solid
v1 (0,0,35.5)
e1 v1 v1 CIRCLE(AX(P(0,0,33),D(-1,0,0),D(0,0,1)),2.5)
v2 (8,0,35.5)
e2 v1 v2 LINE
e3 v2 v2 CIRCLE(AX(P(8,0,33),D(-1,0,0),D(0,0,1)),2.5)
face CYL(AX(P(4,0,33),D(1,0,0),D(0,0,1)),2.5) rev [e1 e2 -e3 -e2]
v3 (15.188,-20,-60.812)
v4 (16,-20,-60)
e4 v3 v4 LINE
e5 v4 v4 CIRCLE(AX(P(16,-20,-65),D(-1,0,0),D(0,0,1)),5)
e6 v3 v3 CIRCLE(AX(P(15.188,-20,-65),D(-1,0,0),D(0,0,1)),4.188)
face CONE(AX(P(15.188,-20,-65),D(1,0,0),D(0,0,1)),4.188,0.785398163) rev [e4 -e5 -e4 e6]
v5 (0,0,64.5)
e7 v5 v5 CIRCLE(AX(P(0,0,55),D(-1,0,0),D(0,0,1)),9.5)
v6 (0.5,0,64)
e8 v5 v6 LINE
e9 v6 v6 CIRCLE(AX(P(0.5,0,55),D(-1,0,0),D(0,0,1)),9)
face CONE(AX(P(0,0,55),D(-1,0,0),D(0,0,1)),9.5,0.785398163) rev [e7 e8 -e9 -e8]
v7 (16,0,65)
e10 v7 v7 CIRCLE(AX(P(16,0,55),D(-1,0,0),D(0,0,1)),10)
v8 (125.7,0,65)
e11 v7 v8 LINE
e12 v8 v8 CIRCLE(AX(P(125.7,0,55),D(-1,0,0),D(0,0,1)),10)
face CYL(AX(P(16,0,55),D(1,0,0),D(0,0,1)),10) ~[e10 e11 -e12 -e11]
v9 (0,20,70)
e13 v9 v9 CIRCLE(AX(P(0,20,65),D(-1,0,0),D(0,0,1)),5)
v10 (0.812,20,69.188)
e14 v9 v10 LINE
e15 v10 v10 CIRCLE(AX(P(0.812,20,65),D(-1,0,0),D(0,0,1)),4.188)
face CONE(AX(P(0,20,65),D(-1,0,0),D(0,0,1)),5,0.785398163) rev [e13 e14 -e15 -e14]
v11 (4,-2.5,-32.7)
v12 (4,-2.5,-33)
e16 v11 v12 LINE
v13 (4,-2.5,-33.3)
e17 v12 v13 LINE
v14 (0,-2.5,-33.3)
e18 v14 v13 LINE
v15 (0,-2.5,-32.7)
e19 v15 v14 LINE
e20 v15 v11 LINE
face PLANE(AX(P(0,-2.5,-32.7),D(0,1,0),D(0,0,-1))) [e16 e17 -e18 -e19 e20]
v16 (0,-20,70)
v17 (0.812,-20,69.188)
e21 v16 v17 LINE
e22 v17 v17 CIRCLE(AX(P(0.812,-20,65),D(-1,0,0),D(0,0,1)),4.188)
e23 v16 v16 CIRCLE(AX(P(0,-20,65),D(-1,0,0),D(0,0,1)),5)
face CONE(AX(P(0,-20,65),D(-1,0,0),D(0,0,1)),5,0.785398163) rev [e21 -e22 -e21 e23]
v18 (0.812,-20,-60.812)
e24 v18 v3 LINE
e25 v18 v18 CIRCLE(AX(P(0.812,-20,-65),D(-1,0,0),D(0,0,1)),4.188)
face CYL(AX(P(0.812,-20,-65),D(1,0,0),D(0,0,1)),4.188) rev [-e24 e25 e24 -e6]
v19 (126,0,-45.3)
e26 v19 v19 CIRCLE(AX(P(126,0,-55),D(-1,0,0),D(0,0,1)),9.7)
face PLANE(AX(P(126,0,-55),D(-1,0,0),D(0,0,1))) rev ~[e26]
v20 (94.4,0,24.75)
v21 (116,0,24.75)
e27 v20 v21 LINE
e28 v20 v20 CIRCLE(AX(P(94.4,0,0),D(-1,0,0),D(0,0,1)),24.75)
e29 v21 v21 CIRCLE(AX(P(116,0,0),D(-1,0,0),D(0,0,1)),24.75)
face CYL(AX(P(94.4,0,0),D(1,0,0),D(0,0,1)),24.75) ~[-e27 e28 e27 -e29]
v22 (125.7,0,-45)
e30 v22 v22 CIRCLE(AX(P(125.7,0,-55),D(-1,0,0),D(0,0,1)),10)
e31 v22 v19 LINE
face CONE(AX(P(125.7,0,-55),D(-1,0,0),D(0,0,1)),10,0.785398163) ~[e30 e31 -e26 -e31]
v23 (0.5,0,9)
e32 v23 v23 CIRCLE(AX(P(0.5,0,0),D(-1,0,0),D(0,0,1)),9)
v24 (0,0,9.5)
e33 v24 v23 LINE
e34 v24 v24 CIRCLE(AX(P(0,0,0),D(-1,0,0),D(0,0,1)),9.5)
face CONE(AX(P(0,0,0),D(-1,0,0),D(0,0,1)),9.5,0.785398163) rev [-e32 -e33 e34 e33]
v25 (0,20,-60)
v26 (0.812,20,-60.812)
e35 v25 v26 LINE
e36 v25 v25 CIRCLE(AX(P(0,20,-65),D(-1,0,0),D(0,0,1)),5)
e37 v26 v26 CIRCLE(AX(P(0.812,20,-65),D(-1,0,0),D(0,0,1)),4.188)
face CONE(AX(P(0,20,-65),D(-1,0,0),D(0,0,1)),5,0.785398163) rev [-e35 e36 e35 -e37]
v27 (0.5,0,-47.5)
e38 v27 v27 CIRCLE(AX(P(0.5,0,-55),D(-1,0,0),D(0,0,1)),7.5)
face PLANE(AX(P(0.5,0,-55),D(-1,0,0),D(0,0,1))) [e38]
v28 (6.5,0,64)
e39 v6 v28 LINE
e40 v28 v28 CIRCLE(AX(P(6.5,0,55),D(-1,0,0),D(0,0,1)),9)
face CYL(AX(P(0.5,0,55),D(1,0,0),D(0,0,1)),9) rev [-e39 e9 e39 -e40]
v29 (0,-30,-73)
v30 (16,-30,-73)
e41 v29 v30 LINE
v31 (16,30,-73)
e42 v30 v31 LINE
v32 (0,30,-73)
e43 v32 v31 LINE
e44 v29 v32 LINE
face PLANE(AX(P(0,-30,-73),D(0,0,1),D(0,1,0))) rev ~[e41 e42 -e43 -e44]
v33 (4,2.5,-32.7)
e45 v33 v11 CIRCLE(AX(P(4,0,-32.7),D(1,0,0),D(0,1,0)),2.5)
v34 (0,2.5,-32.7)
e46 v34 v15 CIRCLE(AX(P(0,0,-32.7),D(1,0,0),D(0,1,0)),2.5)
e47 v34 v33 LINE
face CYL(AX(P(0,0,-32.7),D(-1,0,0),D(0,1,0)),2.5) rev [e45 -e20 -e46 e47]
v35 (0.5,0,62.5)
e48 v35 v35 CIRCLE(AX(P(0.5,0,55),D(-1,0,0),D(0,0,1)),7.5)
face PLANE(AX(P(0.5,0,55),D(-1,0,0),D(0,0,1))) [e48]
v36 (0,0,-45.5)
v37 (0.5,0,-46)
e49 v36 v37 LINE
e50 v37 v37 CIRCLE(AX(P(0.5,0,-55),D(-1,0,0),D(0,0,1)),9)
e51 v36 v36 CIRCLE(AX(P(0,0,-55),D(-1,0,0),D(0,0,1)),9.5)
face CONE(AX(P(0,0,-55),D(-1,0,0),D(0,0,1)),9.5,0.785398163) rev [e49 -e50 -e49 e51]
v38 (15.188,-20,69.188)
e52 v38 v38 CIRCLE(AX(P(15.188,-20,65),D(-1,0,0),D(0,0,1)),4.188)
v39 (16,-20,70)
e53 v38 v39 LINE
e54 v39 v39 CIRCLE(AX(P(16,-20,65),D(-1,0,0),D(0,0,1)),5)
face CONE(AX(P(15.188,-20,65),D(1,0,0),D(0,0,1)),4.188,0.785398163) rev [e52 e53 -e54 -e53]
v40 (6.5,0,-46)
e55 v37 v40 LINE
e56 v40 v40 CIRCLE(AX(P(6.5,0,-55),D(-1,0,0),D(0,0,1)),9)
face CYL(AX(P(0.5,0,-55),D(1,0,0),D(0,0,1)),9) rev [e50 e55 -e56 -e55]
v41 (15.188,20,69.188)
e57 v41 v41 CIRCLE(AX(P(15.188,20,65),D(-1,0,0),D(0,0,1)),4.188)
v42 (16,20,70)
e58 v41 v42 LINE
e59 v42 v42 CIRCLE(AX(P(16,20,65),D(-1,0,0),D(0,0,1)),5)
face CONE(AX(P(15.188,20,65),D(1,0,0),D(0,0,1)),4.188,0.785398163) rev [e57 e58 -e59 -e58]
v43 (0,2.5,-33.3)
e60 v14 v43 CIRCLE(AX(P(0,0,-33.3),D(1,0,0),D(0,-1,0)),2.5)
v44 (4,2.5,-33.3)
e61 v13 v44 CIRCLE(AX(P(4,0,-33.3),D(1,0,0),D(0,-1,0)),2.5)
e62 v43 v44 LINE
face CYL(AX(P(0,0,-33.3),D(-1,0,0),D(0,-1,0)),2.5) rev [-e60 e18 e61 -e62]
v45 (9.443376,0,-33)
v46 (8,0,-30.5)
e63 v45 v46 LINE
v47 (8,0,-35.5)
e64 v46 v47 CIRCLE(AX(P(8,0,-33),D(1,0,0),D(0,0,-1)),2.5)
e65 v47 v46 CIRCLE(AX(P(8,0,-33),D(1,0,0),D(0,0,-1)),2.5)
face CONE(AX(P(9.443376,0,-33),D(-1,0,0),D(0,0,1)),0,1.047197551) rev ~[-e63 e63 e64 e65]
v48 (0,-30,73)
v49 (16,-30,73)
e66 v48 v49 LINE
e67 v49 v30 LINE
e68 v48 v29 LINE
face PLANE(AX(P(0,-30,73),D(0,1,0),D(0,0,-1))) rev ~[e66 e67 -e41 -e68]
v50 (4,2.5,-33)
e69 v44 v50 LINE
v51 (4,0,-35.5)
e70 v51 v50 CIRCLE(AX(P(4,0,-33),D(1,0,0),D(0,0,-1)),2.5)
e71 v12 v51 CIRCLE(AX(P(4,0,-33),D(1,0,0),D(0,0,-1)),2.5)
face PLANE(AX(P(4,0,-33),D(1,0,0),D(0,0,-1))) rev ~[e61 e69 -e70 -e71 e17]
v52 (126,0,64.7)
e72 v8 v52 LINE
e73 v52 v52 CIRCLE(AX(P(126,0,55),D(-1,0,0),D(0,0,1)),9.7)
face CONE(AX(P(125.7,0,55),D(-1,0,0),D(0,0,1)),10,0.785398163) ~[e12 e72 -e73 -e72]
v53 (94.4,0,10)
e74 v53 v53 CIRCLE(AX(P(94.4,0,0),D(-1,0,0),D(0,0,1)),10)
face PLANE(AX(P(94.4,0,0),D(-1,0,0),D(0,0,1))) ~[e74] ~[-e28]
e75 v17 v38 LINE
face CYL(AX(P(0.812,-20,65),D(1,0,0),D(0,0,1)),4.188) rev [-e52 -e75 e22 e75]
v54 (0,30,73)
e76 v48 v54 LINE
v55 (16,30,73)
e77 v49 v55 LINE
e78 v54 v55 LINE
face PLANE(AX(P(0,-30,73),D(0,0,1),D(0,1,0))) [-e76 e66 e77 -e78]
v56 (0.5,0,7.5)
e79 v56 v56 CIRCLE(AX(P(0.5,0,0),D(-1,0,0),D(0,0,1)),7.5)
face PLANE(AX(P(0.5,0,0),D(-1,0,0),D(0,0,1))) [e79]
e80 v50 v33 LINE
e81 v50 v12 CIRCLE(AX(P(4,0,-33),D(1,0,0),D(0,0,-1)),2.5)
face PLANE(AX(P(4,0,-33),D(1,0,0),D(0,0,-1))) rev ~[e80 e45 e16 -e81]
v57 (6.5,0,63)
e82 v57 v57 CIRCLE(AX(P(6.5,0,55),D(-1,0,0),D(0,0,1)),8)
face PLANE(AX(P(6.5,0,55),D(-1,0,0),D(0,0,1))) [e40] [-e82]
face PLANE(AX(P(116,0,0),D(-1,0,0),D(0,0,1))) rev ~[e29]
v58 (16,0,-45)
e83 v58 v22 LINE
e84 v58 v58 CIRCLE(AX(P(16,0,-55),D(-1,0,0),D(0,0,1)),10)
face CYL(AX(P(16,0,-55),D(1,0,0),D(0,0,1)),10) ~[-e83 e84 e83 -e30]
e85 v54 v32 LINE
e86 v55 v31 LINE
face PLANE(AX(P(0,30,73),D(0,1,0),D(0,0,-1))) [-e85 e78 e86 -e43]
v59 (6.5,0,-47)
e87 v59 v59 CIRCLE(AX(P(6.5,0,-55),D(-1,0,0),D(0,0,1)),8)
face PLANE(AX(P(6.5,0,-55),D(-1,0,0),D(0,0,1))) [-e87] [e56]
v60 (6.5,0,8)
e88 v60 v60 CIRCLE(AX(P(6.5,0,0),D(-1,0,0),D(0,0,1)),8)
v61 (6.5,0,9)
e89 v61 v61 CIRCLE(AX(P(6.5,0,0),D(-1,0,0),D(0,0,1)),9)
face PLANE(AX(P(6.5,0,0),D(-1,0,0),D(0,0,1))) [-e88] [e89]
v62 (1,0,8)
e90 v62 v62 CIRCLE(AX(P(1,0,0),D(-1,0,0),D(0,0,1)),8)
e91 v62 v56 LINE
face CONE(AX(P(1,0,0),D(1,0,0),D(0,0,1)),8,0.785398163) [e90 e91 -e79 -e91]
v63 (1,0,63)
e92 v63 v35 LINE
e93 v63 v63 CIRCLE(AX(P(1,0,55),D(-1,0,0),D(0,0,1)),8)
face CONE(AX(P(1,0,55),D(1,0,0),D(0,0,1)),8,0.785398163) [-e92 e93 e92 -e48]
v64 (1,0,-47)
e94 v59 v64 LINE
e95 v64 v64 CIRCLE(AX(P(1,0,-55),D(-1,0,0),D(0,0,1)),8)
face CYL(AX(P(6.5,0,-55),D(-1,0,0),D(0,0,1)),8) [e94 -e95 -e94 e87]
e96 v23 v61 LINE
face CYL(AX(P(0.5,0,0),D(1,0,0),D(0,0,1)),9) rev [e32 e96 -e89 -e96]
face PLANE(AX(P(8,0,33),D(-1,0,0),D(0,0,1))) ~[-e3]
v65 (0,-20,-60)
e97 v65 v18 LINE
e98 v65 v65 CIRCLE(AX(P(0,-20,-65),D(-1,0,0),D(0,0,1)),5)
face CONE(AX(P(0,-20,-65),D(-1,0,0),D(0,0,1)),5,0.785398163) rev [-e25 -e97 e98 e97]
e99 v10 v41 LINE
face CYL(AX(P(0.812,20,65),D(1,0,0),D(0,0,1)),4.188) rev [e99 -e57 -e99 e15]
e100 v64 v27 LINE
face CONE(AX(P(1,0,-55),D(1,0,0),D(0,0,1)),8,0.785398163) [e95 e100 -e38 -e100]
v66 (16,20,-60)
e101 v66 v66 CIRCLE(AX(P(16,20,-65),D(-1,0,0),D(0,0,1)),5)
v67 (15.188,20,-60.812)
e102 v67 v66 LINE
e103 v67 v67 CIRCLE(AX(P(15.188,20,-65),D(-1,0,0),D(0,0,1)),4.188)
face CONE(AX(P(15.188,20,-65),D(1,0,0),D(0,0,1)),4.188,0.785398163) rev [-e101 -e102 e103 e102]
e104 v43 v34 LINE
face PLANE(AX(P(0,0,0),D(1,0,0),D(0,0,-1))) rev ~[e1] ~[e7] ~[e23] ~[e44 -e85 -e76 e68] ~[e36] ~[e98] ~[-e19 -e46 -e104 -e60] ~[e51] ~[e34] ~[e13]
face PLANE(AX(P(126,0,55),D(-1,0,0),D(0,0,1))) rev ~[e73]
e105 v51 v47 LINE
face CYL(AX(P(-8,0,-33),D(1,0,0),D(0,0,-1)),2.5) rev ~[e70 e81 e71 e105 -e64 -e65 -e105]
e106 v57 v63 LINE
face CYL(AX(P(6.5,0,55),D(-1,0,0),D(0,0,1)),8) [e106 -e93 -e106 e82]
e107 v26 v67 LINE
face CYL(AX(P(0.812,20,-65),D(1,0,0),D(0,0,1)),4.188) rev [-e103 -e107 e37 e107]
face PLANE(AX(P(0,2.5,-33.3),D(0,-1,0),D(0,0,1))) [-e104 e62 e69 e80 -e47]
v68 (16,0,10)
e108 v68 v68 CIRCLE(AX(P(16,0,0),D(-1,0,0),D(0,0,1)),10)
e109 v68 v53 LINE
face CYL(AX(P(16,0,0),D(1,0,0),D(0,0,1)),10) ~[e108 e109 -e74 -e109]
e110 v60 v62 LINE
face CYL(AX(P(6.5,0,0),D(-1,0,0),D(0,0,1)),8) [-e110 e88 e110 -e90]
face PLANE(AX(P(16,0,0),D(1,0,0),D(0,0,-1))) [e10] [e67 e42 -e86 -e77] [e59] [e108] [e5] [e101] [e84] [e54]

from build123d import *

# Parameters (mm, degrees)
SKETCH_1_W                  = 146
SKETCH_1_H                  = 60
EXTRUDE_1_DEPTH             = 16
PATTERN_LINEAR_1_COUNT      = 3
PATTERN_LINEAR_1_PITCH      = 55
PATTERN_LINEAR_2_COUNT      = 2
PATTERN_LINEAR_2_PITCH      = 130
PATTERN_LINEAR_2_COUNT_DIR2 = 2
PATTERN_LINEAR_2_PITCH_DIR2 = 40
SKETCH_9_W                  = 8
SKETCH_9_H                  = 2.5
HOLE_WIZARD_1_D             = 5
HOLE_WIZARD_1_DEPTH         = 8
HOLE_WIZARD_1_TIP           = 1.443375673
CUT_EXTRUDE_1_DEPTH         = 4


with BuildPart() as part:
    # 草图1 → 凸台-拉伸1 (new body)
    with BuildSketch(Plane(origin=(0, 0, 0), x_dir=(0, 0, -1), z_dir=(1, 0, 0))):
        Rectangle(SKETCH_1_W, SKETCH_1_H)
    extrude(amount=EXTRUDE_1_DEPTH)

    # 草图2 → 切除-旋转1 (revolve, cut)
    with BuildSketch(Plane.XY.offset(55)):
        Polygon((0, 0), (0, 9.5), (0.5, 9), (6.5, 9), (6.5, 8), (1, 8), (0.5, 7.5), (0.5, 0), align=None)
    cut_revolve_1 = revolve(axis=Axis((6.5, 0, 55), (-1, 0, 0)), mode=Mode.SUBTRACT)

    # 阵列(线性)1: 切除-旋转1 ×3
    with Locations(*[(0, 0, -i * PATTERN_LINEAR_1_PITCH) for i in range(1, PATTERN_LINEAR_1_COUNT)]):
        add(cut_revolve_1, mode=Mode.SUBTRACT)

    # 草图4 → 旋转1 (revolve)
    with BuildSketch(Plane.XY):
        Polygon((16, 0), (16, 10), (94.4, 10), (94.4, 24.75), (116, 24.75), (116, 0), align=None)
    revolve(axis=Axis((116, 0, 0), (-1, 0, 0)))

    # 草图5 → 旋转2 (revolve)
    with BuildSketch(Plane.XY.offset(55)):
        Polygon((16, 0), (16, 10), (125.7, 10), (126, 9.7), (126, 0), align=None)
    revolve(axis=Axis((126, 0, 55), (-1, 0, 0)))

    # 草图6 → 旋转3 (revolve)
    with BuildSketch(Plane.XY.offset(-55)):
        Polygon((16, 0), (16, 10), (125.7, 10), (126, 9.7), (126, 0), align=None)
    revolve(axis=Axis((126, 0, -55), (-1, 0, 0)))

    # 草图7 → 切除-旋转2 (revolve, cut)
    with BuildSketch(Plane.XY.offset(65)):
        Polygon((0, -20), (0, -15), (0.812, -15.812), (15.188, -15.812), (16, -15), (16, -20), align=None)
    cut_revolve_2 = revolve(axis=Axis((16, -20, 65), (-1, 0, 0)), mode=Mode.SUBTRACT)

    # 阵列(线性)2: Cut-Revolve 2 2 × 2
    with Locations(*[(0, j * PATTERN_LINEAR_2_PITCH_DIR2, -i * PATTERN_LINEAR_2_PITCH) for i in range(PATTERN_LINEAR_2_COUNT) for j in range(PATTERN_LINEAR_2_COUNT_DIR2) if (i, j) != (0, 0)]):
        add(cut_revolve_2, mode=Mode.SUBTRACT)

    # 草图9 → 切除-旋转3 (revolve, cut)
    with BuildSketch(Plane.XY.offset(33)):
        with Locations((4, 1.25)):
            Rectangle(SKETCH_9_W, SKETCH_9_H)
    revolve(axis=Axis((8, 0, 33), (-1, 0, 0)), mode=Mode.SUBTRACT)

    # 孔1
    with Locations(Plane.ZY):
        with Locations((-33, 0)):
            Hole(HOLE_WIZARD_1_D / 2, depth=HOLE_WIZARD_1_DEPTH)
            with Locations((0, 0, -(HOLE_WIZARD_1_DEPTH + HOLE_WIZARD_1_TIP / 2))):  # 120° drill point
                Cone(0, HOLE_WIZARD_1_D / 2, HOLE_WIZARD_1_TIP, mode=Mode.SUBTRACT)

    # 草图12 → 切除-拉伸1 (cut)
    with BuildSketch(Plane(origin=(0, 0, 0), x_dir=(0, 0, -1), z_dir=(1, 0, 0))):
        with BuildLine():
            Line((32.7, -2.5), (33.3, -2.5))
            ThreePointArc((33.3, -2.5), (35.8, 0), (33.3, 2.5))
            Line((33.3, 2.5), (32.7, 2.5))
            ThreePointArc((32.7, 2.5), (30.2, 0), (32.7, -2.5))
        make_face()
    extrude(amount=CUT_EXTRUDE_1_DEPTH, mode=Mode.SUBTRACT)


solid = part.part
